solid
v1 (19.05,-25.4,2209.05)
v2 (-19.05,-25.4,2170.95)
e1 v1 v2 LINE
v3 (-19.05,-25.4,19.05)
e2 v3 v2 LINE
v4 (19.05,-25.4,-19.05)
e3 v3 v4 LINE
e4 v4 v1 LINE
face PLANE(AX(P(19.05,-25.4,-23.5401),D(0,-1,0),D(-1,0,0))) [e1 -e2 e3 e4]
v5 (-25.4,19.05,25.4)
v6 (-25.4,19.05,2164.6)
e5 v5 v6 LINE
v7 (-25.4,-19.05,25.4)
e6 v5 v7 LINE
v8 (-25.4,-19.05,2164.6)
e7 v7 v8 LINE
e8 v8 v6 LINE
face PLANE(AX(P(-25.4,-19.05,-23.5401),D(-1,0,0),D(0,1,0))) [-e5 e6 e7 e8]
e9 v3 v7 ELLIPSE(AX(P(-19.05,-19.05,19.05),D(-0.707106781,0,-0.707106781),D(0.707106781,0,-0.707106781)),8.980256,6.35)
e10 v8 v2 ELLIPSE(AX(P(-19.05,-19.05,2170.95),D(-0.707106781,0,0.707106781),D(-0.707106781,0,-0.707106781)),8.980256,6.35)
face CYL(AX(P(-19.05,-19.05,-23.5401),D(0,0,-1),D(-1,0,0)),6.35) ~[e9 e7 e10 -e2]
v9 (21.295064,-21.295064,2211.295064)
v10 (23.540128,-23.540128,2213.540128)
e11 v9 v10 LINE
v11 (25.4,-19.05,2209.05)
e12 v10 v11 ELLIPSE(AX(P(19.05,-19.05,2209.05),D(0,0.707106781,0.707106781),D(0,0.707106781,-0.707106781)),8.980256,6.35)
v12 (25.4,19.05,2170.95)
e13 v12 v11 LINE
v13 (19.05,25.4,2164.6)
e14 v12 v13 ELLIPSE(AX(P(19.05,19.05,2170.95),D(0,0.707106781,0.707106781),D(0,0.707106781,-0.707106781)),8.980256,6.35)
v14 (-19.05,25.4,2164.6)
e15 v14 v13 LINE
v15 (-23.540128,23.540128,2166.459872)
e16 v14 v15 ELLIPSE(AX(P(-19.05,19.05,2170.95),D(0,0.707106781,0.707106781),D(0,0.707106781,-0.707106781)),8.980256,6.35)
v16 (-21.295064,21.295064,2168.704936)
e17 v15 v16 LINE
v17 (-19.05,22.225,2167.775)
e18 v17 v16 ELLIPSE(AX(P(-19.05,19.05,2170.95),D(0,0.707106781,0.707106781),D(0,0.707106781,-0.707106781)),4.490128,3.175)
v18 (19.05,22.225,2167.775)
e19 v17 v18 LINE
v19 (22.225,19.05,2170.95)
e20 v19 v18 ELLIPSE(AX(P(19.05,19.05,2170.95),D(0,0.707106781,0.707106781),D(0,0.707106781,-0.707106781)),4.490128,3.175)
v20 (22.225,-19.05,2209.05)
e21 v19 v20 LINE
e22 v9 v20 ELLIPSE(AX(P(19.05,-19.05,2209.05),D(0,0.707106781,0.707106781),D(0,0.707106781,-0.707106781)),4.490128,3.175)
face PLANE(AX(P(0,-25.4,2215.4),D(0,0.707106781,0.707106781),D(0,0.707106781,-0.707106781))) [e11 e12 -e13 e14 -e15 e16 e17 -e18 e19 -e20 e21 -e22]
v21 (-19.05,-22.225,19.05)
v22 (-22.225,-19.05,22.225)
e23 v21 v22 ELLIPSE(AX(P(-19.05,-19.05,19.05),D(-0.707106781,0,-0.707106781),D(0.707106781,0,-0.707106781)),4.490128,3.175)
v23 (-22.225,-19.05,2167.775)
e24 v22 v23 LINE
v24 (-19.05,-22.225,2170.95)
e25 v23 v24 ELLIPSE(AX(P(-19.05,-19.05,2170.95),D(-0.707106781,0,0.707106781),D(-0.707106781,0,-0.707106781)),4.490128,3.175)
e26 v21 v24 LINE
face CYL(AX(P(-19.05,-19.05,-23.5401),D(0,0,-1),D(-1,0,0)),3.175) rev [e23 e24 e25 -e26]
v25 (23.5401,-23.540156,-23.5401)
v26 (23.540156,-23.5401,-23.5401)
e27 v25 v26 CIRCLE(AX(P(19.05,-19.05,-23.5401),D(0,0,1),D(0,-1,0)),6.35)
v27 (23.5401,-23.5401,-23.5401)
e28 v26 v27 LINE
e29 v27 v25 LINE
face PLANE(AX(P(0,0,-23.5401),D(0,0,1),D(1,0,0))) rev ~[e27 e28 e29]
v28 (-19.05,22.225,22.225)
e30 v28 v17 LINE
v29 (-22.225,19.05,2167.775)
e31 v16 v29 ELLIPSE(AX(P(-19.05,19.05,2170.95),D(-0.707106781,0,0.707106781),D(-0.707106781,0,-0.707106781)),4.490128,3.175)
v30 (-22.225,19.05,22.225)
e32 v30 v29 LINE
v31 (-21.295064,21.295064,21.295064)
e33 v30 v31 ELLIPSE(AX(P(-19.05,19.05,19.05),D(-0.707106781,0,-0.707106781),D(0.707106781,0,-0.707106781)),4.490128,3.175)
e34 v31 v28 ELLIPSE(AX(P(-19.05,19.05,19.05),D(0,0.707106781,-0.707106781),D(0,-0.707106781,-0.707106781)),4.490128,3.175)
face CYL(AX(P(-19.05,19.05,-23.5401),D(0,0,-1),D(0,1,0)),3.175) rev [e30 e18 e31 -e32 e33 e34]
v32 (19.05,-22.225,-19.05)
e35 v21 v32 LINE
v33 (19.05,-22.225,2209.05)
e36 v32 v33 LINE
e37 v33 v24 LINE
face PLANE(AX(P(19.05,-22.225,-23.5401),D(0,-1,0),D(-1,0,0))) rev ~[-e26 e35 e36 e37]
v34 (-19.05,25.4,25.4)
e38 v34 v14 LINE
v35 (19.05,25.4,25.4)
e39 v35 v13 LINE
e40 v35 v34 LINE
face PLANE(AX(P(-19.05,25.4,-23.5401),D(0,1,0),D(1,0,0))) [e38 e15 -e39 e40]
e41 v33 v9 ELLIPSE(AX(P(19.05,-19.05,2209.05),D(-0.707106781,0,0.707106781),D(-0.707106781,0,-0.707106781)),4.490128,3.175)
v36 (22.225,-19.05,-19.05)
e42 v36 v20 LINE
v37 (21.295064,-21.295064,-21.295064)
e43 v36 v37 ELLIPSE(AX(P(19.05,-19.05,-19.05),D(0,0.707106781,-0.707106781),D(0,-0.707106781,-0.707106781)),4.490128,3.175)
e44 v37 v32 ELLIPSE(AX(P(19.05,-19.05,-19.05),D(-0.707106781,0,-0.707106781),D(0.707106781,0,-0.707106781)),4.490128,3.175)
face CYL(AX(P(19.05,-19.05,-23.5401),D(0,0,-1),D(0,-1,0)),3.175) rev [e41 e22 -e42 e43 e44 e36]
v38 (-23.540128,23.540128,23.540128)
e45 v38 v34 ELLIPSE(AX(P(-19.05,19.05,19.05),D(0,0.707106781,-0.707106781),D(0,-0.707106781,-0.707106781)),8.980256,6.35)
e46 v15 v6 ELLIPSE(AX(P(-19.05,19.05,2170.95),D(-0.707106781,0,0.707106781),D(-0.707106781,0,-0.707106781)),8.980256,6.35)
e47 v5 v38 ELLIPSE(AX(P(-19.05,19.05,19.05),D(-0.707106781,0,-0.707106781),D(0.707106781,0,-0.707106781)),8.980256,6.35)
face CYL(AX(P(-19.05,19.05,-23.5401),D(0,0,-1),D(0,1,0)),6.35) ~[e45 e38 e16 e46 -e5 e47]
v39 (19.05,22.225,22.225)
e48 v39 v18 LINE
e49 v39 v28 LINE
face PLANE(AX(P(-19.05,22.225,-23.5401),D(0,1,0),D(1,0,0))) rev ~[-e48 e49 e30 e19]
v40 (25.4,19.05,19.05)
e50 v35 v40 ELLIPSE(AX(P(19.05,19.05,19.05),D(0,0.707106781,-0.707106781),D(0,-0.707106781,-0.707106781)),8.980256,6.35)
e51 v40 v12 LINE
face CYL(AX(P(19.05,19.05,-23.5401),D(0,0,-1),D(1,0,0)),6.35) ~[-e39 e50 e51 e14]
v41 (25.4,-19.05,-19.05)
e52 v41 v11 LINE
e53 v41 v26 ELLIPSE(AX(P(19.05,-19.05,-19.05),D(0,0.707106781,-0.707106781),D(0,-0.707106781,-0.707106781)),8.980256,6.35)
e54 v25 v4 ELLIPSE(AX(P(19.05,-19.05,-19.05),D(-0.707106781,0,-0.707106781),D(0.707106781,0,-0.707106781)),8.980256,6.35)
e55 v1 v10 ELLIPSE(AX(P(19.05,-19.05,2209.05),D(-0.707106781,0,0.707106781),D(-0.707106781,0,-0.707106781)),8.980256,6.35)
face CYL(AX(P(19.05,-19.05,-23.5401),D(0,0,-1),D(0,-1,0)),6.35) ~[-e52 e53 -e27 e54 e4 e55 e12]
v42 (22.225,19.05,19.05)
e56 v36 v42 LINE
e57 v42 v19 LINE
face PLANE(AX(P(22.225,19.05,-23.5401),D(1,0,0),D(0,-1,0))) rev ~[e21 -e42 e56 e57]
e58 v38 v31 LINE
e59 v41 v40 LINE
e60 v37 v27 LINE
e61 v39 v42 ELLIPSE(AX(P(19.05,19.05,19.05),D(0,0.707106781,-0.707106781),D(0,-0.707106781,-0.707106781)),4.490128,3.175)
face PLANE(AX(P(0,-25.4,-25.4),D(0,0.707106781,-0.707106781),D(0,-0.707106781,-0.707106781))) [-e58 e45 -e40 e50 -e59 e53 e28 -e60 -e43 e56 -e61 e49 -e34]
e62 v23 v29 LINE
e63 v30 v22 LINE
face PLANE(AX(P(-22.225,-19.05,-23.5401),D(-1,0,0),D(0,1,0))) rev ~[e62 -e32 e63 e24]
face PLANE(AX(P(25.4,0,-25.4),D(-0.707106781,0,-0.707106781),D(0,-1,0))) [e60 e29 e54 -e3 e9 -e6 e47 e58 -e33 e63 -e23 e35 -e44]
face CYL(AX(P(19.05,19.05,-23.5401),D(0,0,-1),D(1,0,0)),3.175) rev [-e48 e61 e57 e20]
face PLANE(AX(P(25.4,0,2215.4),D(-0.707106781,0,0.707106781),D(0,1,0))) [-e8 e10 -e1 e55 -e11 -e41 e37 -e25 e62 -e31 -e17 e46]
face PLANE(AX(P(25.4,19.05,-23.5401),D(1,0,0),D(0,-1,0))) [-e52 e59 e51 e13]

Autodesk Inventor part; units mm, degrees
ref_plane "Plano inicial" through (0, 0, -23.5401) normal (0, 0, 1) x (1, 0, 0)
ref_plane "Plano final" through (0, 0, 2213.5401) normal (0, 0, 1) x (1, 0, 0)
sketch "Boceto" plane through (0, 0, 0) normal (0, 0, 1) x (1, 0, 0)
  line L0 (-25.4, -19.05) -> (-25.4, 19.05)
  line L1 (-19.05, 25.4) -> (19.05, 25.4)
  line L2 (25.4, 19.05) -> (25.4, -19.05)
  line L3 (19.05, -25.4) -> (-19.05, -25.4)
  arc A0 (-25.4, -19.05) -> (-19.05, -25.4) centre (-19.05, -19.05) ccw
  arc A1 (-19.05, 25.4) -> (-25.4, 19.05) centre (-19.05, 19.05) ccw
  arc A2 (25.4, 19.05) -> (19.05, 25.4) centre (19.05, 19.05) ccw
  arc A3 (19.05, -25.4) -> (25.4, -19.05) centre (19.05, -19.05) ccw
  arc A4 (-19.05, 22.225) -> (-22.225, 19.05) centre (-19.05, 19.05) ccw
  line L4 (-19.05, 22.225) -> (19.05, 22.225)
  arc A5 (22.225, 19.05) -> (19.05, 22.225) centre (19.05, 19.05) ccw
  line L5 (22.225, 19.05) -> (22.225, -19.05)
  arc A6 (19.05, -22.225) -> (22.225, -19.05) centre (19.05, -19.05) ccw
  line L6 (19.05, -22.225) -> (-19.05, -22.225)
  arc A7 (-22.225, -19.05) -> (-19.05, -22.225) centre (-19.05, -19.05) ccw
  line L7 (-22.225, -19.05) -> (-22.225, 19.05)
  line L8 (0, 37.4012) -> (0, -37.4012) construction
  line L9 (-37.4012, 0) -> (37.4012, 0) construction
  dimension "d10" = 50.8
  dimension "d11" = 50.8
  dimension "d12" = 3.175
  dimension "d15" = 25.4
  dimension "d16" = 25.4
  dimension "d17" = 6.35
extrude "Cuerpo" add sketch "Boceto" along normal up to surface (2237.0803 mm away) from surface at -23.5401
sketch "Sketch3" plane through (0, 0, 0) normal (0, 0, 1) x (1, 0, 0)
  line L0 (0, 0) -> (10, 0)
ref_plane "Work Plane3" through (0, 0, 0) normal (0, -1, 0) x (1, 0, 0)
ref_plane "Plano de trabajo4" through (0, -25.4, 2215.4) normal (0, 0.7071, 0.7071) x (1, 0, 0)
split "Dividir1" plane through (0, -25.4, 2215.4) removes the side toward (0, 0.7071, 0.7071)
ref_plane "Plano de trabajo5" through (25.4, 0, 2215.4) normal (-0.7071, 0, 0.7071) x (0.7071, 0, 0.7071)
split "Dividir2" plane through (25.4, 0, 2215.4) removes the side toward (-0.7071, 0, 0.7071)
ref_plane "Plano de trabajo6" through (25.4, 0, -25.4) normal (-0.7071, 0, -0.7071) x (-0.7071, 0, 0.7071)
split "Dividir3" plane through (25.4, 0, -25.4) removes the side toward (-0.7071, 0, -0.7071)
ref_plane "Plano de trabajo7" through (0, -25.4, -25.4) normal (0, 0.7071, -0.7071) x (1, 0, 0)
split "Dividir4" plane through (0, -25.4, -25.4) removes the side toward (0, 0.7071, -0.7071)
sketch "Sketch4" plane through (0, 0, 0) normal (0, -1, 0) x (1, 0, 0)
  line L0 (-2, -23.5401) -> (12, -23.5401) projected
  line L1 (-2, 2213.5401) -> (12, 2213.5401) projected
  dimension "d19" = 2237.0803
equation "\"d10\" = G_H"
equation "\"d11\" = G_W"
equation "\"d12\" = G_T"
equation "\"d15\" = 0.5 * d10"
equation "\"d16\" = 0.5 * d11"
equation "\"d17\" = G_IR"
equation "\"d3\" = G_L"
equation "\"G_W\" = 50.8"
equation "\"G_H\" = 50.8"
equation "\"G_T\" = 3.175"
equation "\"G_IR\" = 6.35"
equation "\"G_L\" = d19"
equation "\"G_OFFSET_START\" = 23.54013"
equation "\"G_OFFSET_END\" = 23.54013"
equation "\"d13\" = -G_OFFSET_START"
equation "\"d14\" = G_OFFSET_END + B_L"
equation "\"B_L\" = 2190"
properties part number "AISC - 2 x 2 x 1/8 - 88,074" material "Acero, suave"
